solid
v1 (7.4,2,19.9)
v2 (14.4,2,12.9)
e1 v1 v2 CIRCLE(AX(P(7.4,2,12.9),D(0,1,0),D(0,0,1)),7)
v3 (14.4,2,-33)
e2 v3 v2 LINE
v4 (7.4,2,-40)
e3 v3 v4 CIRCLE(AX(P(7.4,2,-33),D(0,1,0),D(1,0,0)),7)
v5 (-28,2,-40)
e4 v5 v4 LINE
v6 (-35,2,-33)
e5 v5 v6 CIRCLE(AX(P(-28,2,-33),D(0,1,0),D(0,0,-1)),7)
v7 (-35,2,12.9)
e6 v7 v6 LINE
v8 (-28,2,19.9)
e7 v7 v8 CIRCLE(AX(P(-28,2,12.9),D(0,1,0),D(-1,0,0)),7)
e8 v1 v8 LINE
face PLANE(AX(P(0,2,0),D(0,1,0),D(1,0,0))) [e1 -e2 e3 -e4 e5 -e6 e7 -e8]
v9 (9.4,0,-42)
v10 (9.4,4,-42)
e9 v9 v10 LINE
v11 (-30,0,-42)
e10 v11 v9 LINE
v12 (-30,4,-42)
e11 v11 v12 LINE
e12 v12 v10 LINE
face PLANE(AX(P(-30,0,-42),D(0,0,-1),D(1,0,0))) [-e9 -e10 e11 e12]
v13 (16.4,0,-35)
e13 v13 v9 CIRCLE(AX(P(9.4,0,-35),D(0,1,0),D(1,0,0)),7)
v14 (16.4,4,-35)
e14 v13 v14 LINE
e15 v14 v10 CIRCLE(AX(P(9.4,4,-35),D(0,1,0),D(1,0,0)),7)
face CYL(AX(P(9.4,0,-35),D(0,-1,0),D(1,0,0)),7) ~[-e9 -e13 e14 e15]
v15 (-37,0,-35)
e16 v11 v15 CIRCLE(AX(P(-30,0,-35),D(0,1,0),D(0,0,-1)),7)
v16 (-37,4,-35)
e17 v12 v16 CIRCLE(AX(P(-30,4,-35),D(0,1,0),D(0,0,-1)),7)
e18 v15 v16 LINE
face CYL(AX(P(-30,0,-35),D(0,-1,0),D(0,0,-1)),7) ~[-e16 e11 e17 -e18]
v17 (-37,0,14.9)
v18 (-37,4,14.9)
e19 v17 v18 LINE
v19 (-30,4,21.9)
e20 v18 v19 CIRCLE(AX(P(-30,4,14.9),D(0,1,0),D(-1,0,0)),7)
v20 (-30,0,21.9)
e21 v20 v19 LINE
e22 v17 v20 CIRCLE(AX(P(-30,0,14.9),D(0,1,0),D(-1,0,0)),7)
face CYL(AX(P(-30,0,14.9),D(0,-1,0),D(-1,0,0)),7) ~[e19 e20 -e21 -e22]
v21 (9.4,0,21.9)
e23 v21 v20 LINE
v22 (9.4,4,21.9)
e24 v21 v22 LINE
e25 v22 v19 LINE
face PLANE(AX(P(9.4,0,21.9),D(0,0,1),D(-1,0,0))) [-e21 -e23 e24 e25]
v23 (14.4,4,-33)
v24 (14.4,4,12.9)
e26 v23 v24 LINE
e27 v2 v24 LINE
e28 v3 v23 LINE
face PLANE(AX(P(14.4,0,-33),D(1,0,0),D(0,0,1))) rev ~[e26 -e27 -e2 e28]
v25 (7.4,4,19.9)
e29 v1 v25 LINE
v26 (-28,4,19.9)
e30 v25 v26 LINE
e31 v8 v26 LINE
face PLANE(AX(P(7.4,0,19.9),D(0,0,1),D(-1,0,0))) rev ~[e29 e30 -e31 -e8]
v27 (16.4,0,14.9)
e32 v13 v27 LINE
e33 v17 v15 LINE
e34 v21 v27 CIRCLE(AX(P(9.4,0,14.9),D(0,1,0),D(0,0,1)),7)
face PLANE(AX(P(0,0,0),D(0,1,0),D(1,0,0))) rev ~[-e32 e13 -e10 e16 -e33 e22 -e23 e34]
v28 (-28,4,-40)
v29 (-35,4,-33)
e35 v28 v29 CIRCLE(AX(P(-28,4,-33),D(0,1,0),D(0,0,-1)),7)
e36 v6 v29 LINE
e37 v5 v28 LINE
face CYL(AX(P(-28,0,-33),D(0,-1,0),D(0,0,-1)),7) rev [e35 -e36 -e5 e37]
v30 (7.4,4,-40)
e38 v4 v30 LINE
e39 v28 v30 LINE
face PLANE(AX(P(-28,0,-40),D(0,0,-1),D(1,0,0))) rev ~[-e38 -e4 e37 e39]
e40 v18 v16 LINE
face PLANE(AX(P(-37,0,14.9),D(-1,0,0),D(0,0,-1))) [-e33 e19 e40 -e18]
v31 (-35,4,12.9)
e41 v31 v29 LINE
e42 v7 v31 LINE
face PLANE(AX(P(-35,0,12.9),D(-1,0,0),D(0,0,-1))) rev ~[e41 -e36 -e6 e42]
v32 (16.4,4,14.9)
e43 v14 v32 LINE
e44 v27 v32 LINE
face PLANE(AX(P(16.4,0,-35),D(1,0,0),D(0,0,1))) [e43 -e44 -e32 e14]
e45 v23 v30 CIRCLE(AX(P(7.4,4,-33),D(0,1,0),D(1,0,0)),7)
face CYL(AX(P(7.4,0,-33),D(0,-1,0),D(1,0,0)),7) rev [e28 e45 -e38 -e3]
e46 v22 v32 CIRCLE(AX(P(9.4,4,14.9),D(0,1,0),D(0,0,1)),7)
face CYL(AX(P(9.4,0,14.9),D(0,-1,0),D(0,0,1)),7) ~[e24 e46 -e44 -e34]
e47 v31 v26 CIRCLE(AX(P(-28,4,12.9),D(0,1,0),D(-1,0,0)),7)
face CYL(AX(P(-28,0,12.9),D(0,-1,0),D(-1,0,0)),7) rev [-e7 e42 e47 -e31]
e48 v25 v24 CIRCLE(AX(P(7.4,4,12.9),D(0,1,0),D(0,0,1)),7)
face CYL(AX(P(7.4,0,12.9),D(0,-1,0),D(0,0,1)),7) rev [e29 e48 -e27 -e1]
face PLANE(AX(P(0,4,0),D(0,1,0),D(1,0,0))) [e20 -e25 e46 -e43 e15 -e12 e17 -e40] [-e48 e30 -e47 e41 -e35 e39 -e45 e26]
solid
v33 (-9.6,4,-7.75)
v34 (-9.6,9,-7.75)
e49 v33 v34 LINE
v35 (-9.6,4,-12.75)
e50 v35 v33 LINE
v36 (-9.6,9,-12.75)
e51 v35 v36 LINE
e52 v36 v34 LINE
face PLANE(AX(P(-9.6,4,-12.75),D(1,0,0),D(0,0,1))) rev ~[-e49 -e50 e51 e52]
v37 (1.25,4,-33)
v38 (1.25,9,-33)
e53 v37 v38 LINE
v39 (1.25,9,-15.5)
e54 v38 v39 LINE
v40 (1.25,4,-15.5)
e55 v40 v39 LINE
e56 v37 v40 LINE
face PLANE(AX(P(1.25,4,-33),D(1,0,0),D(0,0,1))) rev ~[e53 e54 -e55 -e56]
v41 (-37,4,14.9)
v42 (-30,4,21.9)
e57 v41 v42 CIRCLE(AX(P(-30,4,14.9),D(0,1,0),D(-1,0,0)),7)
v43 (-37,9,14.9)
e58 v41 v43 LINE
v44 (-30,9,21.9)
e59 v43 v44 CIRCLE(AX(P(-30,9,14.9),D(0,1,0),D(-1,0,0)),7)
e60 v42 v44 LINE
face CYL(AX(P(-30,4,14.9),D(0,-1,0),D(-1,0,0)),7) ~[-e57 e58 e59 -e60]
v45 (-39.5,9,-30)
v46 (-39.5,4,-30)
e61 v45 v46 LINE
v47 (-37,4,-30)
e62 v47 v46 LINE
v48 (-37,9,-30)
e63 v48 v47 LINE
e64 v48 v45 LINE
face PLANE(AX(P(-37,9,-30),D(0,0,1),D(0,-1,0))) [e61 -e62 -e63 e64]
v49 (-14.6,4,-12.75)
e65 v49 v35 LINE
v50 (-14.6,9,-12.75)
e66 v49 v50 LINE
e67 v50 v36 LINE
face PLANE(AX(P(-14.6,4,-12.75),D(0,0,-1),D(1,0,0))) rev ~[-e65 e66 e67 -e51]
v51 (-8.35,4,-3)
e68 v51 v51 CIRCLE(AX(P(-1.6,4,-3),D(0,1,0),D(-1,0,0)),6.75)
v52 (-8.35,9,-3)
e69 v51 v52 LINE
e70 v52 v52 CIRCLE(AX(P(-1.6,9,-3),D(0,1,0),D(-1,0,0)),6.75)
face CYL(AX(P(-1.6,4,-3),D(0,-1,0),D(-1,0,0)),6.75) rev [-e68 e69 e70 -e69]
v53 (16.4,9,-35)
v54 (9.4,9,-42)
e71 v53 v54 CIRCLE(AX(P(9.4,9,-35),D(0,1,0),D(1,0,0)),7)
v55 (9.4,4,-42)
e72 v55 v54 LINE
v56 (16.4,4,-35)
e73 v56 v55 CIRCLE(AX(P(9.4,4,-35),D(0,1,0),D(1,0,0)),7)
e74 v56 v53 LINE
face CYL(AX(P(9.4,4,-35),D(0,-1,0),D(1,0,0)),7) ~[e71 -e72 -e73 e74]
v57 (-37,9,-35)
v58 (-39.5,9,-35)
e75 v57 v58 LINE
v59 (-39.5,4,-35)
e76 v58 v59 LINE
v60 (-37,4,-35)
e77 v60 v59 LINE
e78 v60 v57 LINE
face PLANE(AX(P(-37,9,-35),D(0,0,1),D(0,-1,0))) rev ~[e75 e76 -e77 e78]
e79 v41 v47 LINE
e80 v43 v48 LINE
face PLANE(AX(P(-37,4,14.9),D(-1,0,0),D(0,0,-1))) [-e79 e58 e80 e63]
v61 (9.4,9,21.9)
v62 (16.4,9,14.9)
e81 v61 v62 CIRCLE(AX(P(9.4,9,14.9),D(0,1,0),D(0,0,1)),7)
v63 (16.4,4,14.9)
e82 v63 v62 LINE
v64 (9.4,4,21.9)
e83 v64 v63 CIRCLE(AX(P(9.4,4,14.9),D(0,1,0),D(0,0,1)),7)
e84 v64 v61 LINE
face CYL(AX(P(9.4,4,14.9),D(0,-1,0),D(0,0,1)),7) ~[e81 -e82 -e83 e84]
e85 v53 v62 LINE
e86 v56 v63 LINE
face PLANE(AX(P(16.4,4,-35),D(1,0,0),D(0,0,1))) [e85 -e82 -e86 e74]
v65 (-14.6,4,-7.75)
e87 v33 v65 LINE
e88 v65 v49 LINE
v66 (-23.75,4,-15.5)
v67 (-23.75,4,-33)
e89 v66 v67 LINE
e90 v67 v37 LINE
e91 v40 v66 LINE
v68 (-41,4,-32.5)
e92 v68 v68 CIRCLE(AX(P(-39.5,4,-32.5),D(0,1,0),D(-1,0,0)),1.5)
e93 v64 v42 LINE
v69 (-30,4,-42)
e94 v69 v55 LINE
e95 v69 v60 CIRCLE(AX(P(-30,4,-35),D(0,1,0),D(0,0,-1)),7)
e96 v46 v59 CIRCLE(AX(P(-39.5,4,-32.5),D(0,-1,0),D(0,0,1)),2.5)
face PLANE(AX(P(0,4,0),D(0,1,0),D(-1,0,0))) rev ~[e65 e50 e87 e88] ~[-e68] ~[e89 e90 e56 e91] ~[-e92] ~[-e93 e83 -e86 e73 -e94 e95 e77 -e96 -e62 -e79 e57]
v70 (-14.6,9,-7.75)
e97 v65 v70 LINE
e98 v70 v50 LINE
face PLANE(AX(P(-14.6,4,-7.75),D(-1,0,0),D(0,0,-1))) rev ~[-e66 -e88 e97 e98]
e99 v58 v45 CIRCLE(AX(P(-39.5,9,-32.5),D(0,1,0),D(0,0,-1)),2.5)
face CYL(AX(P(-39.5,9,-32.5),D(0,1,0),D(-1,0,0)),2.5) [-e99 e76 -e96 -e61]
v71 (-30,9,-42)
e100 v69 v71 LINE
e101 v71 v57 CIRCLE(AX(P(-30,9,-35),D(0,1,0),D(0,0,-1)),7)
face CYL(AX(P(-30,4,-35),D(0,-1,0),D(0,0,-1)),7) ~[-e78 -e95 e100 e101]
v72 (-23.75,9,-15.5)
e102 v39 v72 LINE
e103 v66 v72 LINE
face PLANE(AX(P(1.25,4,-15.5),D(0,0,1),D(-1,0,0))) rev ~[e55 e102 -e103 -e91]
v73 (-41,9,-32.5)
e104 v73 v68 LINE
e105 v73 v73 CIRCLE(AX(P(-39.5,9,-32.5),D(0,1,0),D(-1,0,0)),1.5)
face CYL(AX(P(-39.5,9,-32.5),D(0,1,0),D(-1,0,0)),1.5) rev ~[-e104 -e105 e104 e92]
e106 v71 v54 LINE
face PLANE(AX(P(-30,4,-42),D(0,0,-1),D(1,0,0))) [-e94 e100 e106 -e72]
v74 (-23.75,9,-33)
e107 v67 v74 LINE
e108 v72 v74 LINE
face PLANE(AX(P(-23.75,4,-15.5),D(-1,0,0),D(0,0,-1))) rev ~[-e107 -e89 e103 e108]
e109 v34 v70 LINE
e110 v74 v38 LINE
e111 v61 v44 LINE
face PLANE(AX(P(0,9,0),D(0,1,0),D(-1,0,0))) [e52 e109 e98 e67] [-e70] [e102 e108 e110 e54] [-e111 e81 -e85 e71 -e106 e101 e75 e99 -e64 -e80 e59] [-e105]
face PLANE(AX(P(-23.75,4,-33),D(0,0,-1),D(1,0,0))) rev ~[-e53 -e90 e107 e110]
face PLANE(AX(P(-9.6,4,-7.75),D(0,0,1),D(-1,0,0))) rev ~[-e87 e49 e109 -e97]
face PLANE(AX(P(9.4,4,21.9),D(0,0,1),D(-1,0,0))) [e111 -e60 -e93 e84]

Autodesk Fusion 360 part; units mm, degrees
sketch "Sketch1" plane through (0, 0, 0) normal (0, 1, 0) x (1, 0, 0)
  line L0 (-28, 40) -> (7.4, 40)
  line L1 (14.4, 33) -> (14.4, -12.9)
  line L2 (7.4, -19.9) -> (-28, -19.9)
  line L3 (-35, -12.9) -> (-35, 33)
  arc A0 (14.4, 33) -> (7.4, 40) centre (7.4, 33) ccw
  arc A1 (7.4, -19.9) -> (14.4, -12.9) centre (7.4, -12.9) ccw
  arc A2 (-28, 40) -> (-35, 33) centre (-28, 33) ccw
  arc A3 (-35, -12.9) -> (-28, -19.9) centre (-28, -12.9) ccw
  line L4 (-30, 42) -> (9.4, 42)
  line L5 (16.4, 35) -> (16.4, -14.9)
  line L6 (9.4, -21.9) -> (-30, -21.9)
  line L7 (-37, -14.9) -> (-37, 35)
  arc A4 (-30, 42) -> (-37, 35) centre (-30, 35) ccw
  arc A5 (16.4, 35) -> (9.4, 42) centre (9.4, 35) ccw
  arc A6 (9.4, -21.9) -> (16.4, -14.9) centre (9.4, -14.9) ccw
  arc A7 (-37, -14.9) -> (-30, -21.9) centre (-30, -14.9) ccw
  point P0 (-35, 40)
  point P1 (14.4, 40)
  point P2 (-35, -19.9)
  dimension "d1" = 59.9
  dimension "d2" = 49.4
  dimension "d3" = 7
  dimension "d4" = 7
  dimension "d5" = 7
  dimension "d6" = 7
  dimension "d7" = 2
  dimension "d8" = 2
  dimension "d9" = 2
  dimension "d10" = 2
  dimension "d11" = 7
  dimension "d12" = 7
  dimension "d13" = 7
  dimension "d14" = 7
extrude "Extrude1" add sketch "Sketch1" along normal blind 2 contours L0 L1 L2 L3 A0 A1 A2 A3 makes body 1
extrude "Extrude2" add sketch "Sketch1" along normal blind 4 bodies 1
sketch "Sketch2" plane through (0, 0, 21.9) normal (0, 0, 1) x (1, 0, 0)
  line L0 (-30, 0) -> (9.4, 0)
  line L1 (9.4, 0) -> (9.4, 4)
  line L2 (9.4, 4) -> (-30, 4)
  line L3 (-30, 4) -> (-30, 0)
  line L4 (-27, 8) -> (-18, 8)
  line L5 (-18, 8) -> (-18, 4.5)
  line L6 (-18, 4.5) -> (-27, 4.5)
  line L7 (-27, 4.5) -> (-27, 8)
  line L8 (9.4, 0) -> (-30, 0)
  dimension "d19" = 9
  dimension "d20" = 3.5
  dimension "d21" = 4.5
  dimension "d22" = 3
sketch "Sketch5" plane through (0, 2, 0) normal (0, 1, 0) x (-1, 0, 0)
  arc A0 (28, -40) -> (35, -33) centre (28, -33) ccw
  line L0 (35, -33) -> (35, 12.9)
  arc A1 (35, 12.9) -> (28, 19.9) centre (28, 12.9) ccw
  line L1 (28, 19.9) -> (-7.4, 19.9)
  arc A2 (-7.4, 19.9) -> (-14.4, 12.9) centre (-7.4, 12.9) ccw
  line L2 (-14.4, 12.9) -> (-14.4, -33)
  arc A3 (-14.4, -33) -> (-7.4, -40) centre (-7.4, -33) ccw
  line L3 (-7.4, -40) -> (28, -40)
  line L4 (23.75, -33) -> (-1.25, -33)
  line L5 (-1.25, -33) -> (-1.25, -15.5)
  line L6 (-1.25, -15.5) -> (23.75, -15.5)
  line L7 (23.75, -15.5) -> (23.75, -33)
  line L8 (14.6, -12.75) -> (9.6, -12.75)
  line L9 (9.6, -12.75) -> (9.6, -7.75)
  line L10 (9.6, -7.75) -> (14.6, -7.75)
  line L11 (14.6, -7.75) -> (14.6, -12.75)
  line L12 (-14.4, -33) -> (-14.4, 12.9)
  line L13 (28, -40) -> (-7.4, -40)
  line L14 (35, 12.9) -> (35, -33)
  circle A4 centre (1.6, -3) radius 6.75
  line L15 (30, -42) -> (-9.4, -42)
  line L16 (-16.4, -35) -> (-16.4, 14.9)
  line L17 (-9.4, 21.9) -> (30, 21.9)
  line L18 (37, 14.9) -> (37, -35)
  line L19 (-7.4, 19.9) -> (28, 19.9)
  arc A5 (30, -42) -> (37, -35) centre (30, -35) ccw
  arc A6 (-16.4, -35) -> (-9.4, -42) centre (-9.4, -35) ccw
  arc A7 (-9.4, 21.9) -> (-16.4, 14.9) centre (-9.4, 14.9) ccw
  arc A8 (37, 14.9) -> (30, 21.9) centre (30, 14.9) ccw
  dimension "d34" = 25
  dimension "d35" = 5
  dimension "d36" = 5
  dimension "d37" = 24
  dimension "d39" = 17.5
  dimension "d41" = 7
  dimension "d42" = 27.25
  dimension "d43" = 11.25
  dimension "d47" = 13.5
  dimension "d48" = 37
  dimension "d49" = 16
  dimension "d53" = 2
  dimension "d54" = 2
  dimension "d55" = 2
  dimension "d56" = 2
  dimension "d57" = 7
  dimension "d58" = 7
  dimension "d59" = 7
  dimension "d60" = 7
extrude "Extrude8" add sketch "Sketch5" along normal blind 5 from surface at 2 separate body contours A0 L0 A1 L1 A2 L2 A3 L3 L12 L13 L14 L19 | L15 L16 L17 L18 A5 A6 A7 A8 makes body 2
sketch "Sketch10" plane through (-37, 0, 0) normal (-1, 0, 0) x (0, 0, 1)
  line L0 (-35, 4) -> (14.9, 4)
  line L1 (14.9, 4) -> (14.9, 9)
  line L2 (14.9, 9) -> (-35, 9)
  line L3 (-35, 9) -> (-35, 4)
  line L4 (-35, 9) -> (-30, 9)
  line L5 (-30, 9) -> (-30, 4)
  line L6 (-30, 4) -> (-35, 4)
  line L7 (-35, 4) -> (-35, 9)
  dimension "d80" = 5
  dimension "d81" = 5
extrude "Extrude13" add sketch "Sketch10" along normal blind 5 contours L0 L2 L3 L4 L5 L6 L7 bodies 2
sketch "Sketch11" plane through (0, 9, 0) normal (0, 1, 0) x (-1, 0, 0)
  line L0 (37, -35) -> (42, -35)
  line L1 (42, -35) -> (42, -30)
  line L2 (42, -30) -> (37, -30)
  line L3 (39.5, -35) -> (37, -35)
  line L4 (37, -35) -> (37, -30)
  line L5 (37, -30) -> (39.5, -30)
  circle A0 centre (39.5, -32.5) radius 1.5
  arc A1 (39.5, -35) -> (42, -32.5) centre (39.5, -32.5) ccw
  arc A2 (42, -32.5) -> (39.5, -30) centre (39.5, -32.5) ccw
  line L6 (-1.25, -15.5) -> (23.75, -15.5)
  line L7 (23.75, -15.5) -> (23.75, -33)
  line L8 (23.75, -33) -> (-1.25, -33)
  line L9 (-1.25, -33) -> (-1.25, -15.5)
  line L10 (9.6, -7.75) -> (14.6, -7.75)
  line L11 (14.6, -7.75) -> (14.6, -12.75)
  line L12 (14.6, -12.75) -> (9.6, -12.75)
  line L13 (9.6, -12.75) -> (9.6, -7.75)
  circle A3 centre (1.6, -3) radius 6.75
  arc A4 (30, -42) -> (37, -35) centre (30, -35) ccw
  line L14 (37, -30) -> (37, 14.9)
  arc A5 (37, 14.9) -> (30, 21.9) centre (30, 14.9) ccw
  line L15 (30, 21.9) -> (-9.4, 21.9)
  arc A6 (-9.4, 21.9) -> (-16.4, 14.9) centre (-9.4, 14.9) ccw
  line L16 (-16.4, 14.9) -> (-16.4, -35)
  arc A7 (-16.4, -35) -> (-9.4, -42) centre (-9.4, -35) ccw
  line L17 (-9.4, -42) -> (30, -42)
  dimension "d84" = 3
  dimension "d85" = 2.5
  dimension "d86" = 2.5
extrude "Extrude14" cut sketch "Sketch11" against normal blind 5 contours L0 L1 A1 | L1 L2 A2 | A0 bodies 1 2
equation "d1 = 59.5 mm + 0.4 mm"
equation "d2 = 49 mm + 0.4 mm"
equation "d41 = 2.2 mm + 4.8 mm"
equation "d43 = 8.75 mm + 2.5 mm"
